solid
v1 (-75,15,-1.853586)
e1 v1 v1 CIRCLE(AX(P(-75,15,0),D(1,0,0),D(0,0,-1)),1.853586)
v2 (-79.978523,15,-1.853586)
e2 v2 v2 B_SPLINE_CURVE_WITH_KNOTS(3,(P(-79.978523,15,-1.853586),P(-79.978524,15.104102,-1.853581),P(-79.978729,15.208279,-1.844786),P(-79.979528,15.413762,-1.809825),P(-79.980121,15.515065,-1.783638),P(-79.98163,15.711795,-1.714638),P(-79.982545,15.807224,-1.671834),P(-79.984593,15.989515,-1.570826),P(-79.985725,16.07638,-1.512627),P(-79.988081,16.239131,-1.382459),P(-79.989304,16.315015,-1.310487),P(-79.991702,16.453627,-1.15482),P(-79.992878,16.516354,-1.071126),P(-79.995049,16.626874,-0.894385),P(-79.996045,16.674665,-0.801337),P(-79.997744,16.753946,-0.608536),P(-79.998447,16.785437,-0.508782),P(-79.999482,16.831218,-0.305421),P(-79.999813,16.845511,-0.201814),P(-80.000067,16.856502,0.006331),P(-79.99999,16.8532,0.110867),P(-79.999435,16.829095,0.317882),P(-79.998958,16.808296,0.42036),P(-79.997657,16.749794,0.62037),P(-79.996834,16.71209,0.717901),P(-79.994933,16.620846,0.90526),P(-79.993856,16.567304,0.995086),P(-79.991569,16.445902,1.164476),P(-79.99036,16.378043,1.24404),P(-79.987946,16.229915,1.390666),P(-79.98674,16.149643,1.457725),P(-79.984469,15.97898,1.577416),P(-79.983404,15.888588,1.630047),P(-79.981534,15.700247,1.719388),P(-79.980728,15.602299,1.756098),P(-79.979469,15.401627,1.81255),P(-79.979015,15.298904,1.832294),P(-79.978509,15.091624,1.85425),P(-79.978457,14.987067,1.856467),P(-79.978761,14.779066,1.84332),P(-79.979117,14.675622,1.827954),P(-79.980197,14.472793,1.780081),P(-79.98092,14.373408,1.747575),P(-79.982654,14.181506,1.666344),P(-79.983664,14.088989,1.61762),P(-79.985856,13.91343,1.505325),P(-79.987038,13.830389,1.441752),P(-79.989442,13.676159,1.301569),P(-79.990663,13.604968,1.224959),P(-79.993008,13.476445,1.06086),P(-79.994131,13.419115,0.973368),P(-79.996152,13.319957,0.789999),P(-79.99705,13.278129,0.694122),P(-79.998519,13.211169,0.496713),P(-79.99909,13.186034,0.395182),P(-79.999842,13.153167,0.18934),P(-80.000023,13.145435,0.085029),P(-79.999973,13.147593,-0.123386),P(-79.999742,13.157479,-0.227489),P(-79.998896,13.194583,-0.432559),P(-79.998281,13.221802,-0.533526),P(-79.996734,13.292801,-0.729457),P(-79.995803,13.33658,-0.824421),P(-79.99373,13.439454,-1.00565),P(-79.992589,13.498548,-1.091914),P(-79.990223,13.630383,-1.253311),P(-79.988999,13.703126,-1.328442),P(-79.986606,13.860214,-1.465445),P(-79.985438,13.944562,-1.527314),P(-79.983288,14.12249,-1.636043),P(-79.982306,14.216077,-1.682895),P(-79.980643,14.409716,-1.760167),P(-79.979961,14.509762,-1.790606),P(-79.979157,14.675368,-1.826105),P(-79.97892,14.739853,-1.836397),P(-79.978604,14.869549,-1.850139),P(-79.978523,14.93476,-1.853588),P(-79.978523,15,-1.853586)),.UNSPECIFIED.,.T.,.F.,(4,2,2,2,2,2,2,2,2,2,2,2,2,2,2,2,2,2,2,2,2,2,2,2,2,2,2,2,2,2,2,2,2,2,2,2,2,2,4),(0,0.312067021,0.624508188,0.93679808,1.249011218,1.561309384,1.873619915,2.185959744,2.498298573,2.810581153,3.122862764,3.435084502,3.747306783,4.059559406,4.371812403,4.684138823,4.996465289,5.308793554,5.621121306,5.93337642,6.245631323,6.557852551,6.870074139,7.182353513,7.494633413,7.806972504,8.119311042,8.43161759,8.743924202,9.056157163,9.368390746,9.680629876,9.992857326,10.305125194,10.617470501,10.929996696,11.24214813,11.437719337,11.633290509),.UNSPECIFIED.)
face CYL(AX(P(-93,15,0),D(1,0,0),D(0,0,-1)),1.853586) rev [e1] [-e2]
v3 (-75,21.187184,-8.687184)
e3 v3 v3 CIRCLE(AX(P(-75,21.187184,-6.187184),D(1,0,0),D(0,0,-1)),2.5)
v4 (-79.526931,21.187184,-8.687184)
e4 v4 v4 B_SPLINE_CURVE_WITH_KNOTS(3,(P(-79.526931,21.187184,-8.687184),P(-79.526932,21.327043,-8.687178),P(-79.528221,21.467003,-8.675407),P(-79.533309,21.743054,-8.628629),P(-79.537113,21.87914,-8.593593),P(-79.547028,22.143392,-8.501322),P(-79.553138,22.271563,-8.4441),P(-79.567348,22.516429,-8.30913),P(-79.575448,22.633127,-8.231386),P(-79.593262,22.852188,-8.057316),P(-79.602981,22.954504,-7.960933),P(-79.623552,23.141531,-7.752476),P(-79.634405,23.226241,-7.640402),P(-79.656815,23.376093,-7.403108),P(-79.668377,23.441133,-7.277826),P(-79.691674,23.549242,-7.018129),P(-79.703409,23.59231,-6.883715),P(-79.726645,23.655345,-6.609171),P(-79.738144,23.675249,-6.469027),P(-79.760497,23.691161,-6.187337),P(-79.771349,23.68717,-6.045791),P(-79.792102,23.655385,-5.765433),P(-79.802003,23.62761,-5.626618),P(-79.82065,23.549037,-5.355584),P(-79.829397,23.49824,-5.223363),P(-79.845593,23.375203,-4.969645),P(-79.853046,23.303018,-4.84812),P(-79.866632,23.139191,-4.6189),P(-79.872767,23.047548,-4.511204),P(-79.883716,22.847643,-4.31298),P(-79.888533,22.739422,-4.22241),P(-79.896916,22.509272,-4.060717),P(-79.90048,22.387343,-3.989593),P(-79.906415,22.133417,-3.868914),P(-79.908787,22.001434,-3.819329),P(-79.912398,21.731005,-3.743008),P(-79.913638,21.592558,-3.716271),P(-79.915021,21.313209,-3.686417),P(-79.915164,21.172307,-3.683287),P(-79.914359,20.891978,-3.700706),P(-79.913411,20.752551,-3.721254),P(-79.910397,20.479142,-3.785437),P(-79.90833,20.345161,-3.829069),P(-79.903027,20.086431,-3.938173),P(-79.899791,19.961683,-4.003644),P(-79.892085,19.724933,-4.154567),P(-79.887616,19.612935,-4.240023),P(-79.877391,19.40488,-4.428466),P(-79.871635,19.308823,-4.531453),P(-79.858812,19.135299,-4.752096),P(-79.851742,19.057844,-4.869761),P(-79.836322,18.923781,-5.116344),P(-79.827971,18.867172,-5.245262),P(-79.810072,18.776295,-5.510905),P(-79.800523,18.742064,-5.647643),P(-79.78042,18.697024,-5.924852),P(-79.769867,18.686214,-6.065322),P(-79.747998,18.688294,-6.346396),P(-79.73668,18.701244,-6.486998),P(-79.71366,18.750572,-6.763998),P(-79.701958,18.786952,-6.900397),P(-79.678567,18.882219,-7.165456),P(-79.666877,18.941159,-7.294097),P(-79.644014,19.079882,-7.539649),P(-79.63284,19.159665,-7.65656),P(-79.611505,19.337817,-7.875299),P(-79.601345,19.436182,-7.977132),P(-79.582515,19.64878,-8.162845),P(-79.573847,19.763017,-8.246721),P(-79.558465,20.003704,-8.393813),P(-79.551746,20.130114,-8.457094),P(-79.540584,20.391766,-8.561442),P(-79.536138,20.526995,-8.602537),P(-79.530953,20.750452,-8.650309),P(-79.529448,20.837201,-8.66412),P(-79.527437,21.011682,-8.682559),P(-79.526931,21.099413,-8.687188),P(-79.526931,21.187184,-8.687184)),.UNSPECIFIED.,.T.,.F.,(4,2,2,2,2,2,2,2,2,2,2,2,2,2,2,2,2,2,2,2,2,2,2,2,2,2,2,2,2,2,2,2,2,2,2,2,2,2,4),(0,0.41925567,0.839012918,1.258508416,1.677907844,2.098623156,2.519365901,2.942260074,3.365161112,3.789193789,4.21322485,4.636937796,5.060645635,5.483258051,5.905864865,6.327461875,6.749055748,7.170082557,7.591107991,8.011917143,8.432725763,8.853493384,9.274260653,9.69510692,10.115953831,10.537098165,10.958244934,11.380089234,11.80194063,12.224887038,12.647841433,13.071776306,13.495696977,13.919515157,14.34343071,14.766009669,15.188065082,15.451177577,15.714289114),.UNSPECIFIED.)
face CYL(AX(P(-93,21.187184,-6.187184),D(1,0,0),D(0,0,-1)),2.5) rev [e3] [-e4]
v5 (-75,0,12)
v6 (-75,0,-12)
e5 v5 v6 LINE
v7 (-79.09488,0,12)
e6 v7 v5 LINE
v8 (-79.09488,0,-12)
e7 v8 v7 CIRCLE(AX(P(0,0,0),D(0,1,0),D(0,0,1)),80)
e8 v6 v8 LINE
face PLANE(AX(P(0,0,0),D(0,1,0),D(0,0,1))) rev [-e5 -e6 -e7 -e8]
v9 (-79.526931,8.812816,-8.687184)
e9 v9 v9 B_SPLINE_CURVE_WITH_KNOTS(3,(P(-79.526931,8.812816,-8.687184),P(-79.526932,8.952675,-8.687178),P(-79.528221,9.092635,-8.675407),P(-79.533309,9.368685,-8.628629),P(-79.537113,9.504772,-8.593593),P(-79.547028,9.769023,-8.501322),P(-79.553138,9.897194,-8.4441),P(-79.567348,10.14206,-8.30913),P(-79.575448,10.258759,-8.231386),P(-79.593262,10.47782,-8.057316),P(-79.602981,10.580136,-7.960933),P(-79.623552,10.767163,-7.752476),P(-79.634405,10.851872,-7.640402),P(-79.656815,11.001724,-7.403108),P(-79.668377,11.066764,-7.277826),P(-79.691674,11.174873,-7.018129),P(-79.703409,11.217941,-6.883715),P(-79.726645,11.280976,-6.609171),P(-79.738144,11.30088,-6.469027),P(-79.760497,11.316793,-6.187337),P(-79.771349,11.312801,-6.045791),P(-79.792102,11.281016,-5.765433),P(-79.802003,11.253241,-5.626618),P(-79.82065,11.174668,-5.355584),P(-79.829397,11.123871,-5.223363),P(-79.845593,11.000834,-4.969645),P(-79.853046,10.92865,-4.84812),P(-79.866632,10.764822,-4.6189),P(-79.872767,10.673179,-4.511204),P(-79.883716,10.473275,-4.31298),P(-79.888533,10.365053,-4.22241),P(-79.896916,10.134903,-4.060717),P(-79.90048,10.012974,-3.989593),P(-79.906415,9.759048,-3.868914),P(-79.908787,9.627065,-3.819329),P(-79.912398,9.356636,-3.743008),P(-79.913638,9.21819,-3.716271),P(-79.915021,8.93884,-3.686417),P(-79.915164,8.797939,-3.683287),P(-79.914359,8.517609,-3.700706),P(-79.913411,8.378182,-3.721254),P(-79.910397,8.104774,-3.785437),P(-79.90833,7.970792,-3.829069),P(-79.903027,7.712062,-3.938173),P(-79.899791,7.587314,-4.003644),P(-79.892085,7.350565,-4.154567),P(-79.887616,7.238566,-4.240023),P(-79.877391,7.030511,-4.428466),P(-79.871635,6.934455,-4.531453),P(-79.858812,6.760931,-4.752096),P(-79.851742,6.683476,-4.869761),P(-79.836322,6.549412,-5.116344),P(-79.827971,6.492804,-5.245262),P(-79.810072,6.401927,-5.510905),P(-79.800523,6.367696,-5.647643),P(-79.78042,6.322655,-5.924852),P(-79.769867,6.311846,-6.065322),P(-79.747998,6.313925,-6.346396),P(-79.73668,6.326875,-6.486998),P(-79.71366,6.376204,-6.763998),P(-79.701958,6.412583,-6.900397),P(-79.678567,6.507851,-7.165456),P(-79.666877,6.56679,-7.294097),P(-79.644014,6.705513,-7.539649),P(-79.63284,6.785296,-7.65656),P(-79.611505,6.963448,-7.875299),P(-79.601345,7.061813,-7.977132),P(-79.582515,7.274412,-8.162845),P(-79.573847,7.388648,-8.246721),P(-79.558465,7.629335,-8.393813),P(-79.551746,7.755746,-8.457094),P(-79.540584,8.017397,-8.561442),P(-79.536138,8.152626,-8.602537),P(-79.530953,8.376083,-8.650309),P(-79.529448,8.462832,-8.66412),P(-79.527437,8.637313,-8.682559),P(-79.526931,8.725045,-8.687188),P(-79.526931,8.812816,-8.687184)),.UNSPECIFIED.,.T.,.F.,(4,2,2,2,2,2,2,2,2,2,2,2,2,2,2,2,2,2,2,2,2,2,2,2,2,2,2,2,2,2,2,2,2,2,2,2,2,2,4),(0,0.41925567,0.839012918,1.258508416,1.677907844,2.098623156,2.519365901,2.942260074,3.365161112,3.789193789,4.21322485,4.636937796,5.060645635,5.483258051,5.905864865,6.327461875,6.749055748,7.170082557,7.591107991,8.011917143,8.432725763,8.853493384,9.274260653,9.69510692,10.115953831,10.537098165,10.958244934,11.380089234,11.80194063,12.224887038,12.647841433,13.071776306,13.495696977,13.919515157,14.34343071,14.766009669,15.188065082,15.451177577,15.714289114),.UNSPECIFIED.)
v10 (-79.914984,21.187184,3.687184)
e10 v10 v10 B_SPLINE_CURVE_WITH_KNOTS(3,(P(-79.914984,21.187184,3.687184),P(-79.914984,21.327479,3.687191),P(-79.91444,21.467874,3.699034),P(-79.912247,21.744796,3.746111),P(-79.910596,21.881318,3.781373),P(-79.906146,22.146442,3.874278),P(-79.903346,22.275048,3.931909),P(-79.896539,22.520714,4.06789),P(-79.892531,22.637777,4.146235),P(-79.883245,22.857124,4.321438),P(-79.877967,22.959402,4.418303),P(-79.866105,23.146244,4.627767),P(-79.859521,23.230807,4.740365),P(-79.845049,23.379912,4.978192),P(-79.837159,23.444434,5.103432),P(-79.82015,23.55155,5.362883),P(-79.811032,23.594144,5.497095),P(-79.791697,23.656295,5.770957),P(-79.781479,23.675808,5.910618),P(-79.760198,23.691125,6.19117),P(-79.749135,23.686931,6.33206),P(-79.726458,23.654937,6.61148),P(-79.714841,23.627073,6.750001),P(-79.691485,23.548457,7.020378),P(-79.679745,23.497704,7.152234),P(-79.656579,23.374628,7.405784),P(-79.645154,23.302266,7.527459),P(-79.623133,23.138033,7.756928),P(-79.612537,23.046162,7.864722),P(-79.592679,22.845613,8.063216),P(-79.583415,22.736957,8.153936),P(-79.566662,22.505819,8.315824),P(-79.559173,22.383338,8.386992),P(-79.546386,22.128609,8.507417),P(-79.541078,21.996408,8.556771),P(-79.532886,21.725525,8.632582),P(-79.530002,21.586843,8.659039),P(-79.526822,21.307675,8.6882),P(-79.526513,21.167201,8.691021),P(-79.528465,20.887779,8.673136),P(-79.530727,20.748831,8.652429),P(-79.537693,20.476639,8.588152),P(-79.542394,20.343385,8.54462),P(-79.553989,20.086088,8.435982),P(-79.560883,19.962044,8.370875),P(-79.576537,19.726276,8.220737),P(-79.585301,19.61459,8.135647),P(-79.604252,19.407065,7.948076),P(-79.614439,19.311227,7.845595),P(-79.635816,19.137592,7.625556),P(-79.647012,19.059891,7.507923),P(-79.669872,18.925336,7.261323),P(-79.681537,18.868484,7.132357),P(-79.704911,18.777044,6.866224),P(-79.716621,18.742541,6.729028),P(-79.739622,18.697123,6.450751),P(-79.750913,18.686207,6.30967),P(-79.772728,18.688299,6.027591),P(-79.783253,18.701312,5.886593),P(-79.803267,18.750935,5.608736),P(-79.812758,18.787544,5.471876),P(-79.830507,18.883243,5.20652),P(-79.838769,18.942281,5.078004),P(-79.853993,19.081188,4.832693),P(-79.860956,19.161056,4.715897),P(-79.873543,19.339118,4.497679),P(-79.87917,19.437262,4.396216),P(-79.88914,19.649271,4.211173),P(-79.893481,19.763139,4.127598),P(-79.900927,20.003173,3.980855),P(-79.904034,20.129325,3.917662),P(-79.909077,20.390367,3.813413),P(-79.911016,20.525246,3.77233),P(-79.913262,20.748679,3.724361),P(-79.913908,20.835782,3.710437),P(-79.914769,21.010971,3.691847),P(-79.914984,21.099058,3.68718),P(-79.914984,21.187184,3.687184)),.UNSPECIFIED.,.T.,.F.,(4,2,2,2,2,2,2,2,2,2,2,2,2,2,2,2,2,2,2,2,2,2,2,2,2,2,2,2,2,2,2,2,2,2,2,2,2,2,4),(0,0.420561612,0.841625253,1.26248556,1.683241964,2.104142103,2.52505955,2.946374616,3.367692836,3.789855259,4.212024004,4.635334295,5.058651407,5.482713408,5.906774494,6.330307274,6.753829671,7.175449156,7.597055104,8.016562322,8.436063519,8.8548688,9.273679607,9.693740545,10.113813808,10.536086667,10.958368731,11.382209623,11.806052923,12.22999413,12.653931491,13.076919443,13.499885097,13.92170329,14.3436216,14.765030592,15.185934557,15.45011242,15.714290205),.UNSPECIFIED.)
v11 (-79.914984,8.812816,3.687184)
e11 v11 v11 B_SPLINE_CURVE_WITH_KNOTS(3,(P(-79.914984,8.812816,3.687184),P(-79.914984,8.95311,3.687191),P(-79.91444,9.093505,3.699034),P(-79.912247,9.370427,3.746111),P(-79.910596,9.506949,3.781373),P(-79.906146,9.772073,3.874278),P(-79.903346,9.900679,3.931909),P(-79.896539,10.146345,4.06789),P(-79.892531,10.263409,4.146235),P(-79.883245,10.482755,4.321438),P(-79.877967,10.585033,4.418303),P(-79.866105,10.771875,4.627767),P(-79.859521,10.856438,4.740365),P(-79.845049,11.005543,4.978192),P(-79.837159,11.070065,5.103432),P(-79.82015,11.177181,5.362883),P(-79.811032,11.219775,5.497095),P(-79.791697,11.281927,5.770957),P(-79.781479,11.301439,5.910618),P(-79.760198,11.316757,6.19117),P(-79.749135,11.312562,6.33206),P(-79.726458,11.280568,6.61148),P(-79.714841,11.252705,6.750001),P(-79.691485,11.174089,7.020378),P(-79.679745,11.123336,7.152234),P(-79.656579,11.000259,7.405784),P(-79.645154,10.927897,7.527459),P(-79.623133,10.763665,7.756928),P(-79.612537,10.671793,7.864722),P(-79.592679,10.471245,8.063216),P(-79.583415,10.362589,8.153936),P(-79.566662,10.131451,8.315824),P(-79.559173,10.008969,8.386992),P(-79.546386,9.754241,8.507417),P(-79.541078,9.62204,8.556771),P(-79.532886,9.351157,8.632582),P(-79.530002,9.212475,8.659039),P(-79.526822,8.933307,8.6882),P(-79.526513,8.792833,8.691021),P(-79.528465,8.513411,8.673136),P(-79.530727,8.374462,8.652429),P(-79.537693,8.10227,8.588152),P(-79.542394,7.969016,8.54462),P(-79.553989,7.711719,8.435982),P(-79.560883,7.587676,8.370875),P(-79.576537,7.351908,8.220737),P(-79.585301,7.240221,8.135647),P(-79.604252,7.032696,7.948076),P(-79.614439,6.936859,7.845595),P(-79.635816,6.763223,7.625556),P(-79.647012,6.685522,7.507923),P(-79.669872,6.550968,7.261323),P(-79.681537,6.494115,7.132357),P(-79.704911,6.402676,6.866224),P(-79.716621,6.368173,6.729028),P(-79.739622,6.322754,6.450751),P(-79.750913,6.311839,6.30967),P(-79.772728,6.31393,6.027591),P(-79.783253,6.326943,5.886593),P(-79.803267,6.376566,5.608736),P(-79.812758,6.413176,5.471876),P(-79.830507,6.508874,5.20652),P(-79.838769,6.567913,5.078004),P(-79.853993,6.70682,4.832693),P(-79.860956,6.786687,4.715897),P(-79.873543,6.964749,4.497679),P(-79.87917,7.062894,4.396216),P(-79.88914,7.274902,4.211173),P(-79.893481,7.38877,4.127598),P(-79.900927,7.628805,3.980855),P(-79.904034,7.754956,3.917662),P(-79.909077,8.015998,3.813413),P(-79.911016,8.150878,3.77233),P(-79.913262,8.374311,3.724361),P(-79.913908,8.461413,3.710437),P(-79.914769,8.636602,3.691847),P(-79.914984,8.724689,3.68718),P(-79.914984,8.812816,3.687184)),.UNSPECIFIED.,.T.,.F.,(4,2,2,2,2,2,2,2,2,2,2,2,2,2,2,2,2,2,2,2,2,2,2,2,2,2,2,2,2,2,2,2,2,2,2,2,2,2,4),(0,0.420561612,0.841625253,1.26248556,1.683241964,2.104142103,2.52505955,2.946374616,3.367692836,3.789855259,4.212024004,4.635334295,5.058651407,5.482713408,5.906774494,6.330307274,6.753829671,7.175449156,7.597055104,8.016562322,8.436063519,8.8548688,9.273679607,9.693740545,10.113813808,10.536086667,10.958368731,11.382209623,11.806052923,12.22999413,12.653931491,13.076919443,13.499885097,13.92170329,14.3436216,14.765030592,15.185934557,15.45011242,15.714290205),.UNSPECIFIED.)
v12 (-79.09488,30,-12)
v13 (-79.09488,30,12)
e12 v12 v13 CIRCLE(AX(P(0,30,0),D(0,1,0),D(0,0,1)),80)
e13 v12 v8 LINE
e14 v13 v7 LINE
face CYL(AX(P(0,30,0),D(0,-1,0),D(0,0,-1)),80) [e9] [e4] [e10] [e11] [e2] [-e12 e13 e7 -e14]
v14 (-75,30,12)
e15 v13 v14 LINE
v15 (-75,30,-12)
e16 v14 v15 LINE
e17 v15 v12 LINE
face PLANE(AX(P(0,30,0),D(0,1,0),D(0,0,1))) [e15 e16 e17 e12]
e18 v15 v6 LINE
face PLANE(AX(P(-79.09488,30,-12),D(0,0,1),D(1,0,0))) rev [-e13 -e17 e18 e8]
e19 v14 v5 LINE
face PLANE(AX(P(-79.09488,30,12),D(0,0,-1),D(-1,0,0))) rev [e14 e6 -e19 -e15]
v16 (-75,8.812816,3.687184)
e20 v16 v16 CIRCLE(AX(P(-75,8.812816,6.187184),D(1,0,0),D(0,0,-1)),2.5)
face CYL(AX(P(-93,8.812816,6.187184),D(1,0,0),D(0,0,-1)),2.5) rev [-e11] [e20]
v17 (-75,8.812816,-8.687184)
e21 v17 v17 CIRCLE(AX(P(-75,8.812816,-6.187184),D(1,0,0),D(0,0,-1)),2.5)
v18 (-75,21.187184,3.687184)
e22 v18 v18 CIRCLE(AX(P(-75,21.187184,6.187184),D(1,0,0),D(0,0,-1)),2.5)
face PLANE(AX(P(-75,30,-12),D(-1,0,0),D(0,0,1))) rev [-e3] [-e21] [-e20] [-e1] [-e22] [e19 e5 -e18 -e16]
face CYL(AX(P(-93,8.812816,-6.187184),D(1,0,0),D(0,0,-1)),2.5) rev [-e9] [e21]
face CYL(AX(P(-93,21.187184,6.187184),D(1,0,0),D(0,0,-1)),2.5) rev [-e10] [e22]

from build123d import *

# Parameters (mm, degrees)
BOSS_EXTRUDE1_DEPTH = 30
SKETCH2_R           = 1.853585504
SKETCH2_R_2         = 2.5
CUT_EXTRUDE1_DEPTH  = 18


with BuildPart() as part:
    # Sketch1 → Boss-Extrude1 (new body)
    with BuildSketch(Plane(origin=(0, 0, 0), x_dir=(1, 0, 0), z_dir=(0, 1, 0))):
        with BuildLine():
            Line((-79.094879733, 12), (-75, 12))
            Line((-75, 12), (-75, -12))
            Line((-75, -12), (-79.094879733, -12))
            ThreePointArc((-79.094879733, -12), (-80, 0), (-79.094879733, 12))
        make_face()
    extrude(amount=BOSS_EXTRUDE1_DEPTH)

    # Sketch2 → Cut-Extrude1 (cut)
    with BuildSketch(Plane(origin=(-75, 0, 0), x_dir=(0, 0, -1), z_dir=(1, 0, 0))):
        with Locations((0, 15)):
            Circle(SKETCH2_R)
        with Locations((6.187184335, 21.187184335)):
            Circle(SKETCH2_R_2)
        with Locations((6.187184335, 8.812815665)):
            Circle(SKETCH2_R_2)
        with Locations((-6.187184335, 8.812815665)):
            Circle(SKETCH2_R_2)
        with Locations((-6.187184335, 21.187184335)):
            Circle(SKETCH2_R_2)
    extrude(amount=-CUT_EXTRUDE1_DEPTH, mode=Mode.SUBTRACT)


solid = part.part
